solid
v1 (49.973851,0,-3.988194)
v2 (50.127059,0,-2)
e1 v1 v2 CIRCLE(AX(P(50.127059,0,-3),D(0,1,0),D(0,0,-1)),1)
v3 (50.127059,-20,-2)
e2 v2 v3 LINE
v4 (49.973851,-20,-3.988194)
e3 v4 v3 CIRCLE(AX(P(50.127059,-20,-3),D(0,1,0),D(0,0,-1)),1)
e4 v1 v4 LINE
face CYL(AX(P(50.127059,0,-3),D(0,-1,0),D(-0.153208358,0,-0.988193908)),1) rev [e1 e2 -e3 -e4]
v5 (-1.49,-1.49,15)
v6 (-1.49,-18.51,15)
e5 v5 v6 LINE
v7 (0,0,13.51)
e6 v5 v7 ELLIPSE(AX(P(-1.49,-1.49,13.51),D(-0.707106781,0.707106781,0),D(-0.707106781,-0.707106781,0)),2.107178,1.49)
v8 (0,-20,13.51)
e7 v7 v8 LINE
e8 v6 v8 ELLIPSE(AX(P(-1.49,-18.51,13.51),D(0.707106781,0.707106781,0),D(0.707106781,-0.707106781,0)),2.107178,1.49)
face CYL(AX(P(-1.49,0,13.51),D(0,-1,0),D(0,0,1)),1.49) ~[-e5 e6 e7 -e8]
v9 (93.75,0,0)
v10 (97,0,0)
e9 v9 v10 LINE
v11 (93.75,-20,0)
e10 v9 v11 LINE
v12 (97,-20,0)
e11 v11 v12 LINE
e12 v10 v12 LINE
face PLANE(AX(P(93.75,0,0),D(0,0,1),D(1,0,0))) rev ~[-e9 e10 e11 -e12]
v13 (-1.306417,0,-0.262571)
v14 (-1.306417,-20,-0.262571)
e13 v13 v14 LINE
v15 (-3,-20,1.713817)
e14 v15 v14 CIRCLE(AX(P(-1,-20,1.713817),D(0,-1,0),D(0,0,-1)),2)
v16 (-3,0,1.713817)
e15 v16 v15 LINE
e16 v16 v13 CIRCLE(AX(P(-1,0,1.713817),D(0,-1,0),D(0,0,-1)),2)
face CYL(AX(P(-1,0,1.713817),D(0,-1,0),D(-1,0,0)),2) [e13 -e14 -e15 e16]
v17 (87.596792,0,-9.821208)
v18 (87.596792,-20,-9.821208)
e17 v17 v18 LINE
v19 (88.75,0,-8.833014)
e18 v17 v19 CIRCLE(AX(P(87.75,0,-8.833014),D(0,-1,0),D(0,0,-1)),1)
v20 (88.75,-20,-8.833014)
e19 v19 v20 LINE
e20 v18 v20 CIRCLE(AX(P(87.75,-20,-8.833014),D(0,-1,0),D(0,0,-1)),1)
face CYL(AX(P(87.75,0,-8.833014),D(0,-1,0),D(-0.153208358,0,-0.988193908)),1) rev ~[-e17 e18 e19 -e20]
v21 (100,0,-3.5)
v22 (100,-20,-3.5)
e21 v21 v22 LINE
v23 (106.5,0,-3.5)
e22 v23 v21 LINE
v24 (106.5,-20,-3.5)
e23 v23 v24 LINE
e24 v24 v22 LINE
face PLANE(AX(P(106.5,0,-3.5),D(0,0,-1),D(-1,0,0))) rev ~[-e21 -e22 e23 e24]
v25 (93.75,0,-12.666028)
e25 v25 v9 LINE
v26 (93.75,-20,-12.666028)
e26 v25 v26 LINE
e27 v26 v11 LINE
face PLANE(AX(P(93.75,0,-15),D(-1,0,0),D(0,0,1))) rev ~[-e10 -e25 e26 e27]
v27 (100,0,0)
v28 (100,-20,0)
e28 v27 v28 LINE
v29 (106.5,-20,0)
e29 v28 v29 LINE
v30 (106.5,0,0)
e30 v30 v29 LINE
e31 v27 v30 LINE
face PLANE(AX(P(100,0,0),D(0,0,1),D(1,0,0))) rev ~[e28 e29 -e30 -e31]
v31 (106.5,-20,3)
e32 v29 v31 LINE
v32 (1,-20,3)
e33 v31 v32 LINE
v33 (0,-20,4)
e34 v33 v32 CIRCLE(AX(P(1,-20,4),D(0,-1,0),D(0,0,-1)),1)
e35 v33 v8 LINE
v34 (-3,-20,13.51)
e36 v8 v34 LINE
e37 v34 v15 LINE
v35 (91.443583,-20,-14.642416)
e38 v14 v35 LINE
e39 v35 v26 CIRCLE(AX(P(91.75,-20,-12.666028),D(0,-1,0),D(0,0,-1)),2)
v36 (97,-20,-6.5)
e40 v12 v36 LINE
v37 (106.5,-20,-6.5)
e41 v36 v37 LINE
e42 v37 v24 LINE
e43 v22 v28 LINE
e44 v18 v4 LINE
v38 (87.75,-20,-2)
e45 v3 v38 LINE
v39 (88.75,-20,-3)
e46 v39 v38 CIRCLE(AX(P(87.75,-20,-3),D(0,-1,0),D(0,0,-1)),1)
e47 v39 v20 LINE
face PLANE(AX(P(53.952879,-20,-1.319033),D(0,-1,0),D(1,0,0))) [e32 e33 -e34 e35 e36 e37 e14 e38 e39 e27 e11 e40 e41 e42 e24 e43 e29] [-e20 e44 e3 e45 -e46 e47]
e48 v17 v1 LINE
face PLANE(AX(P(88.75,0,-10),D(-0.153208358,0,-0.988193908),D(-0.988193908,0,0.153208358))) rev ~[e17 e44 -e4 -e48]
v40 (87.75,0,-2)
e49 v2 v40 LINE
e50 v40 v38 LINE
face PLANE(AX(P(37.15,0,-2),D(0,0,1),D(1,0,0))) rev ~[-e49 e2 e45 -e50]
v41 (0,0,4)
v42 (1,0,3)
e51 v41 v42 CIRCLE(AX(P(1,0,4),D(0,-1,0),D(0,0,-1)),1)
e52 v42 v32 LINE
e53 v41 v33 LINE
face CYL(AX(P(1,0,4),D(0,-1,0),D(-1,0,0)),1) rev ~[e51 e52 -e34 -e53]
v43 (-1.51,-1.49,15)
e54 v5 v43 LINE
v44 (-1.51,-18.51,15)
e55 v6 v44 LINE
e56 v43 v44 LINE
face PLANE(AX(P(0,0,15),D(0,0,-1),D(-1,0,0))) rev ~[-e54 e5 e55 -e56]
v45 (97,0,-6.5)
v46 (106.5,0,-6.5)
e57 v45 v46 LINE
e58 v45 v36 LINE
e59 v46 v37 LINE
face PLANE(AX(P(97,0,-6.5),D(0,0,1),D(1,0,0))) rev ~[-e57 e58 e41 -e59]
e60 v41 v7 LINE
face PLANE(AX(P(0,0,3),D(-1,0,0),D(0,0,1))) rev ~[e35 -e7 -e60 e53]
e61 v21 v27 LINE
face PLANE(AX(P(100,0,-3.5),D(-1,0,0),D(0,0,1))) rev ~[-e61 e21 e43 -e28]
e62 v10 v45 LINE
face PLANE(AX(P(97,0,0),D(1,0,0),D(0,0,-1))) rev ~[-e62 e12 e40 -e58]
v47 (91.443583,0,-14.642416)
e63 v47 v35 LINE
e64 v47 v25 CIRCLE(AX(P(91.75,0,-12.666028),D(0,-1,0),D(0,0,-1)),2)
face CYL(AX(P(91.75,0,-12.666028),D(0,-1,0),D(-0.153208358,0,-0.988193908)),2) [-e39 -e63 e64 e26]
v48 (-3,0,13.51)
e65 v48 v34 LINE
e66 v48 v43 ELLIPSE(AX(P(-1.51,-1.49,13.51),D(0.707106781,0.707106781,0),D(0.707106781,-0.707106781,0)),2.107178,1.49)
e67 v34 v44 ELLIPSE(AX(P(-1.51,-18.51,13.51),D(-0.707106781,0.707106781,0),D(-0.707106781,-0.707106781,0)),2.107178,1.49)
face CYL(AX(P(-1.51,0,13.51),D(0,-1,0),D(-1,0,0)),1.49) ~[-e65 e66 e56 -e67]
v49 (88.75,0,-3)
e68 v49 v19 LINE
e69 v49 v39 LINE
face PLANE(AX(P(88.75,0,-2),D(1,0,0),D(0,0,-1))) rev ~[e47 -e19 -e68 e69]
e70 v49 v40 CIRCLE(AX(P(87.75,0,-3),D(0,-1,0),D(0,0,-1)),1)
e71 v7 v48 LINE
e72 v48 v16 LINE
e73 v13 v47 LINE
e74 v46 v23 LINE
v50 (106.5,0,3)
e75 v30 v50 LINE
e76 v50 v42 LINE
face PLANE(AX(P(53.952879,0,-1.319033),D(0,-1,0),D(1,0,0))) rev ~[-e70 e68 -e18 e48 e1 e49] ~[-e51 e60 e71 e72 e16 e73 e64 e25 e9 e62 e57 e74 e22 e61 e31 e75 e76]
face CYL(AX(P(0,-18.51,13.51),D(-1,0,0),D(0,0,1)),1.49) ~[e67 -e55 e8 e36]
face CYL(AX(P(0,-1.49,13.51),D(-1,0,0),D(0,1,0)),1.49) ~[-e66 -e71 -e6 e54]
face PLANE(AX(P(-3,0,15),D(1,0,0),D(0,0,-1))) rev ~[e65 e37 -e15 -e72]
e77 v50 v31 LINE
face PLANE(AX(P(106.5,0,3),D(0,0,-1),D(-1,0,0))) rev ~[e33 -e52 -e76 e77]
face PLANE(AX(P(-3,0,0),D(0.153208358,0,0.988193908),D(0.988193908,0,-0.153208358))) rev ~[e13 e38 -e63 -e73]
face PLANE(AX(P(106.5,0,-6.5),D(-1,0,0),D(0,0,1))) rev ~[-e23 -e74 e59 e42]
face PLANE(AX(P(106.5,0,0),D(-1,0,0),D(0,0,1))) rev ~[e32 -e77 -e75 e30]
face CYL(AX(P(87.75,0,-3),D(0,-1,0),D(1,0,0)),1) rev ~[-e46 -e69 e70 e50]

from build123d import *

# Parameters (mm, degrees)
PAD_DEPTH   = 20
FILLET_R    = 2
FILLET001_R = 1.49
FILLET002_R = 1
FILLET003_R = 1


with BuildPart() as part:
    # Sketch → Pad (new body)
    with BuildSketch(Plane.XZ):
        Polygon((0, 15), (-3, 15), (-3, 0), (93.75, -15), (93.75, 0), (97, 0), (97, -6.5), (106.5, -6.5), (106.5, -3.5), (100, -3.5), (100, 0), (106.5, 0), (106.5, 3), (0, 3), align=None)
        Polygon((37.15, -2), (88.75, -2), (88.75, -10), align=None, mode=Mode.SUBTRACT)
    extrude(amount=PAD_DEPTH)

    # Fillet
    fillet_edges = [part.edges().sort_by_distance(p)[0] for p in [
        (-3, -10, 0),
        (93.75, -10, -15),
    ]]
    fillet(fillet_edges, radius=FILLET_R)

    # Fillet001
    fillet001_edges = [part.edges().sort_by_distance(p)[0] for p in [
        (0, -10, 15),
        (-3, -10, 15),
        (-1.5, 0, 15),
        (-1.5, -20, 15),
    ]]
    fillet(fillet001_edges, radius=FILLET001_R)

    # Fillet002
    fillet002_edges = [part.edges().sort_by_distance(p)[0] for p in [
        (37.15, -10, -2),
        (88.75, -10, -2),
        (88.75, -10, -10),
    ]]
    fillet(fillet002_edges, radius=FILLET002_R)

    # Fillet003
    fillet003_edges = [part.edges().sort_by_distance(p)[0] for p in [
        (0, -10, 3),
    ]]
    fillet(fillet003_edges, radius=FILLET003_R)


solid = part.part
